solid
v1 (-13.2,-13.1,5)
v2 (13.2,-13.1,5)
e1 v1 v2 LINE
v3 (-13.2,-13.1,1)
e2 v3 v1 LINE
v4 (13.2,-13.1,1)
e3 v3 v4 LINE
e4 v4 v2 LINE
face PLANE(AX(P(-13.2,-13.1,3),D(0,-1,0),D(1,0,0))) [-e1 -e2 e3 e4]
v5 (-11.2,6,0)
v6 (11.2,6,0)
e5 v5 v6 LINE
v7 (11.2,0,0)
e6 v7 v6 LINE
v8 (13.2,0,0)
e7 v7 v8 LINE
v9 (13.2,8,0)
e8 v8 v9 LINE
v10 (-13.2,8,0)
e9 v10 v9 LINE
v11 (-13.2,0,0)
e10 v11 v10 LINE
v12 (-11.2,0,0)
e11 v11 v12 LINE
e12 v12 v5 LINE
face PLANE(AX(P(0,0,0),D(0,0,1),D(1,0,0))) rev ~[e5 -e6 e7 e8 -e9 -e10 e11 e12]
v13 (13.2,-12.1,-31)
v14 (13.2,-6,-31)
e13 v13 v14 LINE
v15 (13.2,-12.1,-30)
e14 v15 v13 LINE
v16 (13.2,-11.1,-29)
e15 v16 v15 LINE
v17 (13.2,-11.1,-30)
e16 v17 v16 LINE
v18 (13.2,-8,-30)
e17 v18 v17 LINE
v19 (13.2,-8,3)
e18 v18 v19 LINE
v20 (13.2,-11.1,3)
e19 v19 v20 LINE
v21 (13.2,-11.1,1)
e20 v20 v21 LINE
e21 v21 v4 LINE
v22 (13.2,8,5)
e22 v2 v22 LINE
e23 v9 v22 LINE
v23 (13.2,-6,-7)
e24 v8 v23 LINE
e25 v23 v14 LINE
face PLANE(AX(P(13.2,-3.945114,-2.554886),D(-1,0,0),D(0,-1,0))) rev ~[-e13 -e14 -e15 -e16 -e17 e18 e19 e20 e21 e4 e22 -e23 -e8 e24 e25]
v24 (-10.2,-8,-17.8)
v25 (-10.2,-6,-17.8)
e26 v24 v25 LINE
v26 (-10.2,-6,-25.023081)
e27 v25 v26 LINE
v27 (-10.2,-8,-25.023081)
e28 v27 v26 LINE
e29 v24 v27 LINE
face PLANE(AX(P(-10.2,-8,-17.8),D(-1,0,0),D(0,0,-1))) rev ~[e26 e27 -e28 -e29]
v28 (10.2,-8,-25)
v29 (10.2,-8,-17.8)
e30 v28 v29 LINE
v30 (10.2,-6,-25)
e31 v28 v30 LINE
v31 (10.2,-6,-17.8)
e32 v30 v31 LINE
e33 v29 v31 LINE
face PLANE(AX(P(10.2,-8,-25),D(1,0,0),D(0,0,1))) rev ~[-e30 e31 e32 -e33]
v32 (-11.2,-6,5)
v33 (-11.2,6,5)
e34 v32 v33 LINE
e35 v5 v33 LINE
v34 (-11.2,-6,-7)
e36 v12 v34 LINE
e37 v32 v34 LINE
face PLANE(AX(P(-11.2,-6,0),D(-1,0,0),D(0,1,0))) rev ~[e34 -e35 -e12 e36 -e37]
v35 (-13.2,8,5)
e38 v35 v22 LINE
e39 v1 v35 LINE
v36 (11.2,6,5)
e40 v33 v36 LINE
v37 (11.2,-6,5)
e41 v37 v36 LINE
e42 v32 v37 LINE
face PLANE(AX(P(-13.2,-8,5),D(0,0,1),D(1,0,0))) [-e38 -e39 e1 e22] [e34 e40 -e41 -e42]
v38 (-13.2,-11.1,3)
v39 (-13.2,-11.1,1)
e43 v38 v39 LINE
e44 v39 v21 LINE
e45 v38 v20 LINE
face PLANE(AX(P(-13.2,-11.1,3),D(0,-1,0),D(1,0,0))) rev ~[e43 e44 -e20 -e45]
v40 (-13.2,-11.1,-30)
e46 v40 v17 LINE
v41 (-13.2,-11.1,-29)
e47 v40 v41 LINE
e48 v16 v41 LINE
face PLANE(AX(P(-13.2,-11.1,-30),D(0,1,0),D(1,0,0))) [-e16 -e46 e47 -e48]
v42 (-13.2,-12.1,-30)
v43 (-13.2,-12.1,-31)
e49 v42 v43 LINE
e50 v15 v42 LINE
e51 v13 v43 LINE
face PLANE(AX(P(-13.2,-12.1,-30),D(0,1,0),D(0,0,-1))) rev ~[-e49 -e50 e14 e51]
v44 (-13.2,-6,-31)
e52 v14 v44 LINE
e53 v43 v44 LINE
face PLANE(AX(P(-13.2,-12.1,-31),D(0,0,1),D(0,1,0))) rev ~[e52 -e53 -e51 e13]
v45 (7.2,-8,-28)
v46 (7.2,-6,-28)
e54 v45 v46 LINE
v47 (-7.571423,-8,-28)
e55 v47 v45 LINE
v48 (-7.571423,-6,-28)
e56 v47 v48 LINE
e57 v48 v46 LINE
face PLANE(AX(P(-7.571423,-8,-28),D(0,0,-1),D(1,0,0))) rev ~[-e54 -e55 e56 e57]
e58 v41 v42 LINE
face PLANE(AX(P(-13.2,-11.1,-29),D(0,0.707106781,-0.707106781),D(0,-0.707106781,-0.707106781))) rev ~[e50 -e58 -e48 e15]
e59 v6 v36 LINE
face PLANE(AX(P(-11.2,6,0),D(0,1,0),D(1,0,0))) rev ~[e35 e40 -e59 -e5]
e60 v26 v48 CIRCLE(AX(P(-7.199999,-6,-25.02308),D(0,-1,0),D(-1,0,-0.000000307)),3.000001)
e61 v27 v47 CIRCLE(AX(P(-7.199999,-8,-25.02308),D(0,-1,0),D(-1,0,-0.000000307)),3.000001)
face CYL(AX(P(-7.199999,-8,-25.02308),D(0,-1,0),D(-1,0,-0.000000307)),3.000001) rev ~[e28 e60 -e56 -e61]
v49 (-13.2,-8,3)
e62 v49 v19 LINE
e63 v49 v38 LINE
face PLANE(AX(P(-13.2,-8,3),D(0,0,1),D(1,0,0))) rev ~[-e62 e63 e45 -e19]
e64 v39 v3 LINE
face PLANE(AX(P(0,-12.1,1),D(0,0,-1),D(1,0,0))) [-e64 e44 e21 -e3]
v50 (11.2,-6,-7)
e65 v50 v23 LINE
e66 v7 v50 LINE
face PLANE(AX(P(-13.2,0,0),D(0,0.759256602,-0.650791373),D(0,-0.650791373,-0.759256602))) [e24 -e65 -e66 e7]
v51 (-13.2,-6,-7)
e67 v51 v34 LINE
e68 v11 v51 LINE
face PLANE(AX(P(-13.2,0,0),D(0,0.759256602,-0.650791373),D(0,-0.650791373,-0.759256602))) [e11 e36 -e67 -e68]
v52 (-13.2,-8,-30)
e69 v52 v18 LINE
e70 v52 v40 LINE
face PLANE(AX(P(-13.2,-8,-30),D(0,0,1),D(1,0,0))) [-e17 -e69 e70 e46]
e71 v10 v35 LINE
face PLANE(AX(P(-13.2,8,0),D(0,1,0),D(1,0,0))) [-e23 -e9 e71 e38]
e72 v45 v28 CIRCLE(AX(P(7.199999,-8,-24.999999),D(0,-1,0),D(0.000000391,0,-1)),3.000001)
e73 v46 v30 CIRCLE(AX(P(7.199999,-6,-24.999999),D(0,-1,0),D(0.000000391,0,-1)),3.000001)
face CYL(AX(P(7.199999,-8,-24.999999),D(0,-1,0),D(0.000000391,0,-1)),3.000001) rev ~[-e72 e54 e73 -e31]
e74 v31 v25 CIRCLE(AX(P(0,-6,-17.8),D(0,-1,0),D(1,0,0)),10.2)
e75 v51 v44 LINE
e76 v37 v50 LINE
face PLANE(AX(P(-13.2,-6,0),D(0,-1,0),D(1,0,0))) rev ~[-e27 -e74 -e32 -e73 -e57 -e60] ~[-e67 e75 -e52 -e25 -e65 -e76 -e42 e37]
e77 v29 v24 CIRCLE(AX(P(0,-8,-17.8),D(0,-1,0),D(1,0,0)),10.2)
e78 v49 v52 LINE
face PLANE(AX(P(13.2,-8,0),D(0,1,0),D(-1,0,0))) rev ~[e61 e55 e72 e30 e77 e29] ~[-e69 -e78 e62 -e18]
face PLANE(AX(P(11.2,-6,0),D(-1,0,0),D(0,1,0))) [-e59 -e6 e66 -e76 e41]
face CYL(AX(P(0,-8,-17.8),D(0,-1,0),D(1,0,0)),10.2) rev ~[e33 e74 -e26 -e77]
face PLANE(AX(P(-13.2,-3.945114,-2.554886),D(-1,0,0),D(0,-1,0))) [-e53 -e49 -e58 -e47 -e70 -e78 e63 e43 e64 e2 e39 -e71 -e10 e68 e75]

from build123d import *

# Parameters (mm, degrees)
F0_W       = 26.4
F0_H       = 16
F0_W_2     = 22.4
F0_H_2     = 12
F1_DEPTH   = 5
F3_DEPTH   = 32
F4_W       = 26.4
F4_H       = 2
F5_DEPTH   = 5.1
F6_W       = 26.4
F6_H       = 2
F7_DEPTH   = 2
F8_W       = 26.4
F8_H       = 2
F9_DEPTH   = 1
F11_DEPTH  = 26.401
F13_DEPTH  = 2
F14_DEPTH  = 26.4
F14_FACE_W = 22.4
F14_FACE_H = 6
F15_DEPTH  = 31.001
F16_DEPTH  = 25


with BuildPart() as f1:
    # F0 (on Top) → F1 (new body)
    with BuildSketch(Plane.XY):
        Rectangle(F0_W, F0_H)
        Rectangle(F0_W_2, F0_H_2, mode=Mode.SUBTRACT)
    extrude(amount=F1_DEPTH)

    # F2 (on face) → F3 (join)
    with BuildSketch(Plane(origin=(0, 0, 0), x_dir=(1, 0, 0), z_dir=(0, 0, -1))):
        Polygon((13.2, 8), (-13.2, 8), (-13.2, 6), (-11.2, 6), (11.2, 6), (13.2, 6), align=None)
    extrude(amount=F3_DEPTH)

    # F4 (on face) → F5 (join)
    with BuildSketch(Plane.XZ.offset(8)):
        with Locations((0, 4)):
            Rectangle(F4_W, F4_H)
        with Locations((0, -31)):
            Rectangle(F4_W, F4_H)
    extrude(amount=F5_DEPTH)

    # F6 (on face) → F7 (join)
    with BuildSketch(Plane(origin=(0, 0, 3), x_dir=(1, 0, 0), z_dir=(0, 0, -1))):
        with Locations((0, 12.1)):
            Rectangle(F6_W, F6_H)
    extrude(amount=F7_DEPTH)

    # F8 (on face) → F9 (join)
    with BuildSketch(Plane.XY.offset(-30)):
        with Locations((0, -12.1)):
            Rectangle(F8_W, F8_H)
    extrude(amount=F9_DEPTH)

    # F10 (on face) → F11 (cut, through all)
    with BuildSketch(Plane(origin=(-13.2, 0, 0), x_dir=(0, -1, 0), z_dir=(-1, 0, 0))):
        Polygon((11.1, -29), (12.1, -30), (12.1, -31), (6, -31), (6, -32), (13.1, -32), (13.1, -29), align=None)
    extrude(amount=-F11_DEPTH, mode=Mode.SUBTRACT)

    # F12 (on face) → F13 (join, through all)
    with BuildSketch(Plane(origin=(-13.2, 0, 0), x_dir=(0, -1, 0), z_dir=(-1, 0, 0))):
        Polygon((0, 0), (6, 0), (6, -7), (6, -31), (12.1, -31), (12.1, -30), (11.1, -29), (11.1, -30), (8, -30), (8, 3), (11.1, 3), (11.1, 1), (13.1, 1), (13.1, 5), (-8, 5), (-8, 0), align=None)
    extrude(amount=-F13_DEPTH)

    # F12 (on face) → F14 (join, through all)
    with BuildSketch(Plane(origin=(-13.2, 0, 0), x_dir=(0, -1, 0), z_dir=(-1, 0, 0))):
        Polygon((6, -7), (6, 0), (0, 0), align=None)
    extrude(amount=-F14_DEPTH)

    # F14_face (on face) → F15 (cut, through all)
    with BuildSketch(Plane(origin=(0, -3, 0), x_dir=(1, 0, 0), z_dir=(0, 0, 1))):
        Rectangle(F14_FACE_W, F14_FACE_H)
    extrude(amount=-F15_DEPTH, mode=Mode.SUBTRACT)

    # F4 (on face) → F16 (cut)
    with BuildSketch(Plane.XZ.offset(8)):
        with BuildLine():
            ThreePointArc((-10.2, -25.023081), (-9.448807, -27.008746), (-7.571423, -28))
            Line((-7.571423, -28), (7.2, -28))
            ThreePointArc((7.2, -28), (9.32132, -27.12132), (10.2, -25))
            Line((10.2, -25), (10.2, -17.8))
            ThreePointArc((10.2, -17.8), (0, -7.6), (-10.2, -17.8))
            Line((-10.2, -17.8), (-10.2, -25.023081))
        make_face()
    extrude(amount=-F16_DEPTH, mode=Mode.SUBTRACT)


solid = f1.part
